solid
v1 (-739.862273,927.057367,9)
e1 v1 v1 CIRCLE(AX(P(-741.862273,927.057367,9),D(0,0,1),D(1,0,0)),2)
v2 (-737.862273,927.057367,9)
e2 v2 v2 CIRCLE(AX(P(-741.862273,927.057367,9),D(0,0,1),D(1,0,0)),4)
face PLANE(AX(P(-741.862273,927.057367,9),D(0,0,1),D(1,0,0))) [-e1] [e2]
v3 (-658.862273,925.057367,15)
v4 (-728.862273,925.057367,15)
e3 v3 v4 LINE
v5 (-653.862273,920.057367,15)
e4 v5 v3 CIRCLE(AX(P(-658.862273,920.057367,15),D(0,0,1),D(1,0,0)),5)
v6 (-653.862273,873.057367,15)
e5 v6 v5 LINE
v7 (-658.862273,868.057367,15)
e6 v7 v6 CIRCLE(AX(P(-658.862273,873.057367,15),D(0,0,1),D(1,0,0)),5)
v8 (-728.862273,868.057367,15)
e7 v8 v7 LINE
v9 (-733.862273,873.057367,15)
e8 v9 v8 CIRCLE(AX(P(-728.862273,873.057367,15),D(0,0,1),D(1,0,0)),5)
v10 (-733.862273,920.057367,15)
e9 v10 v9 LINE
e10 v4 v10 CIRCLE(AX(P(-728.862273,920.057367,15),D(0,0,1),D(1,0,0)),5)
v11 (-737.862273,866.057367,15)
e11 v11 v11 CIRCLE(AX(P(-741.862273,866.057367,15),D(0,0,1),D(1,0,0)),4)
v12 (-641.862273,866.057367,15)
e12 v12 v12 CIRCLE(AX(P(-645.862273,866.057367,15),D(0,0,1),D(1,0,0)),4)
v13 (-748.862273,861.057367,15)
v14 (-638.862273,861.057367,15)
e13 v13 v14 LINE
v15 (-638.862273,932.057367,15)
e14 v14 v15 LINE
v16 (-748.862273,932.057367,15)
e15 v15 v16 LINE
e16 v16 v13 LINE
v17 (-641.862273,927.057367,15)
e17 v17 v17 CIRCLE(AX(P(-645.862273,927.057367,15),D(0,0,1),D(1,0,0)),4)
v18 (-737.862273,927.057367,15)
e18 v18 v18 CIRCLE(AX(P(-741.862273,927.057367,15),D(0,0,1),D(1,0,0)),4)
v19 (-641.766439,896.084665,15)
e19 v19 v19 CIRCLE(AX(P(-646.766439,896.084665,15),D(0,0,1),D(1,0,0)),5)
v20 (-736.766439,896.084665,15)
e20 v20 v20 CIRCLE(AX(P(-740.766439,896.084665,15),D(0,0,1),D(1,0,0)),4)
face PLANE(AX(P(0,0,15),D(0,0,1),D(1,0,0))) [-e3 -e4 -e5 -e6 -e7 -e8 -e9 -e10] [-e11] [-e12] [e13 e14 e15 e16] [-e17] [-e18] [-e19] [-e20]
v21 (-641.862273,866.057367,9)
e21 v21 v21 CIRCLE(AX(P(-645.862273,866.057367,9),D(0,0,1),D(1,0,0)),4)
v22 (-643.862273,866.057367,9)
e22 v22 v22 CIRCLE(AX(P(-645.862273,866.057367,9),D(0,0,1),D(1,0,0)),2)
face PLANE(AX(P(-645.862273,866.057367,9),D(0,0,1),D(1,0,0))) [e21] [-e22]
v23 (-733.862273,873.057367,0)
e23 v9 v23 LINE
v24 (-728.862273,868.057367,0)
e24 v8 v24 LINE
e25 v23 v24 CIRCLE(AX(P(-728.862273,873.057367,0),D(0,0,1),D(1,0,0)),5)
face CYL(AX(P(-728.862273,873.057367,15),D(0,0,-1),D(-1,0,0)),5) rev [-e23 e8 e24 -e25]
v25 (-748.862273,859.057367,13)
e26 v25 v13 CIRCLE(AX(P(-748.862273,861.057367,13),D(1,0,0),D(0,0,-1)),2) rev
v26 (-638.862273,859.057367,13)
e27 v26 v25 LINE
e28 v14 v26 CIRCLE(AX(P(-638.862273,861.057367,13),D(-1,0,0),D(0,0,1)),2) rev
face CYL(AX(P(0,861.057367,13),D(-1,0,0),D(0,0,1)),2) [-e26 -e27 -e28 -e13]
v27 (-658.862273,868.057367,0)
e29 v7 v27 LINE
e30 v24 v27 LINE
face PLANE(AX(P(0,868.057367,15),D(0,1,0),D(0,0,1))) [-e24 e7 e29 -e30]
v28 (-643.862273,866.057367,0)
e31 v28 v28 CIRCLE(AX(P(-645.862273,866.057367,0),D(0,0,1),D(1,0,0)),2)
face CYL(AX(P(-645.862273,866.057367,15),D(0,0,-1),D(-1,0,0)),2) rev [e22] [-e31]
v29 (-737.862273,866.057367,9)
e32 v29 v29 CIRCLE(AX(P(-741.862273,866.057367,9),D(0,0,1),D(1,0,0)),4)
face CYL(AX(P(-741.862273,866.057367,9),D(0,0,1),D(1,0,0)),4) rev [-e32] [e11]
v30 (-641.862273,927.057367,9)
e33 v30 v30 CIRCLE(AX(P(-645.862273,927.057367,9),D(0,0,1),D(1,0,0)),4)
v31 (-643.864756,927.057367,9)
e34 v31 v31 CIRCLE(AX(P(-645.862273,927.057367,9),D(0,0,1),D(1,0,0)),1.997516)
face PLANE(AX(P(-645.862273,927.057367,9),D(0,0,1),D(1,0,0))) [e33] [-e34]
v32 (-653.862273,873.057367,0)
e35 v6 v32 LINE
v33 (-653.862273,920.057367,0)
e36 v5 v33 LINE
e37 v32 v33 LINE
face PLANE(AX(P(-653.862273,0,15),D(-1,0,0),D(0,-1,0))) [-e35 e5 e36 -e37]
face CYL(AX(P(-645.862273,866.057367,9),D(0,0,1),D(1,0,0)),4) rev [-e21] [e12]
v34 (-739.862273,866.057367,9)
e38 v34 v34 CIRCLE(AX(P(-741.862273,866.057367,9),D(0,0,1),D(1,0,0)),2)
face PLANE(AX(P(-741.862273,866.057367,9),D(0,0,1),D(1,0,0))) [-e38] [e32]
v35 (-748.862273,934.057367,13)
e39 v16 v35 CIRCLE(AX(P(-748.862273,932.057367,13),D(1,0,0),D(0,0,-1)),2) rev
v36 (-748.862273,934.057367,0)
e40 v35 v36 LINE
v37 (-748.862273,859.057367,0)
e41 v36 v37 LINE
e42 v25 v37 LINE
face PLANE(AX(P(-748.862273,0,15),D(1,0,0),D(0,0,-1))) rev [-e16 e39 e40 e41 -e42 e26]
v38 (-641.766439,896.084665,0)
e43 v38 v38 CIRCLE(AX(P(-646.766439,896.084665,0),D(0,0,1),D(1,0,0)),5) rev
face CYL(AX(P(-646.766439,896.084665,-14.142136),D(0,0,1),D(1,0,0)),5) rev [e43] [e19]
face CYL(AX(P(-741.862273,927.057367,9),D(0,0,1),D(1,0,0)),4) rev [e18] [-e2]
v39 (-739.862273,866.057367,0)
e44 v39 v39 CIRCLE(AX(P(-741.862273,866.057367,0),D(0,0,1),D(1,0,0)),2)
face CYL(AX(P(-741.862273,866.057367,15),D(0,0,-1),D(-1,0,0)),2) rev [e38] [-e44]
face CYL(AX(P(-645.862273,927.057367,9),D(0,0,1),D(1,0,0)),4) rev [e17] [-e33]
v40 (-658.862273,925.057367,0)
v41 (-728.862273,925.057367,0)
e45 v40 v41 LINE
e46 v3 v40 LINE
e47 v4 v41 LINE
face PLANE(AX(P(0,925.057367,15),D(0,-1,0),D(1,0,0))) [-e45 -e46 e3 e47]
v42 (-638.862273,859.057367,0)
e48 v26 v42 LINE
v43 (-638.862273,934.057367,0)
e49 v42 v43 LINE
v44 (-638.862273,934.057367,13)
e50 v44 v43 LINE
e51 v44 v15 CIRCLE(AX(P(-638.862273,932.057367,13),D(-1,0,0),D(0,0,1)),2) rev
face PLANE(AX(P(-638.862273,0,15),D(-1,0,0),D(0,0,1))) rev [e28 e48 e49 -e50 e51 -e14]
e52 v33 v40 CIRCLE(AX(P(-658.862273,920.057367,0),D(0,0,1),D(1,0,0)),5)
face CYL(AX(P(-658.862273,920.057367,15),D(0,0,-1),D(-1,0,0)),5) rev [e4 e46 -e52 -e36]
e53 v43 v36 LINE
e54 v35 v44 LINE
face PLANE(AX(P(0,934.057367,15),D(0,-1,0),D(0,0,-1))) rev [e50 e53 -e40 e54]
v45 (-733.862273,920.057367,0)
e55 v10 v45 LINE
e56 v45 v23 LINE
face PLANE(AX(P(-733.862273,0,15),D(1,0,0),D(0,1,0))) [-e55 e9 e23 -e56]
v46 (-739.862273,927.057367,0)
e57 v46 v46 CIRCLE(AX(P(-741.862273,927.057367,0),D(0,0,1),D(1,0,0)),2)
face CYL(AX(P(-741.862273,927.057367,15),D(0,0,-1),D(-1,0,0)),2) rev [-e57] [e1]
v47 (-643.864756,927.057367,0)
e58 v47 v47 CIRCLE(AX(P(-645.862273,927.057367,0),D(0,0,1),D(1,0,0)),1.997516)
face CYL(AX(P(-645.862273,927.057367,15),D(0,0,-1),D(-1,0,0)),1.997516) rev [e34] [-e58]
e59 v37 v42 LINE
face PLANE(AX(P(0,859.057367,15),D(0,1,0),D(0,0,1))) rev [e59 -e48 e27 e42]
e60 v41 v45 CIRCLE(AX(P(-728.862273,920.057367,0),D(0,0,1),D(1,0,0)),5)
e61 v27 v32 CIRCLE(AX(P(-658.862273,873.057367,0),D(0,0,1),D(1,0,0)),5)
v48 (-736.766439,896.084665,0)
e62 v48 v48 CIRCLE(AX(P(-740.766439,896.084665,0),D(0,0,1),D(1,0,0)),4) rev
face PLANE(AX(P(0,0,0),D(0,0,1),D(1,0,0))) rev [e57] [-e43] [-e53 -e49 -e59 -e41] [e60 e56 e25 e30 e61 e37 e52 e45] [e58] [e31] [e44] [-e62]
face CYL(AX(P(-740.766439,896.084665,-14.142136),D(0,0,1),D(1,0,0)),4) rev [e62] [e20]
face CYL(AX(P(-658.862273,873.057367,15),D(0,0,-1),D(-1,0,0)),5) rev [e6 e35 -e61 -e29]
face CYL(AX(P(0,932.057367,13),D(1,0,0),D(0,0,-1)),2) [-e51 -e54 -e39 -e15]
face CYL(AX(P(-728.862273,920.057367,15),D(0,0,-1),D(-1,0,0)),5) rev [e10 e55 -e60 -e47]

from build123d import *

# Parameters (mm, degrees)
CROQUIS2_W              = 110
CROQUIS2_H              = 75
CROQUIS2_R              = 2
CROQUIS2_R_2            = 1.997516107
SALIENTE_EXTRUIR1_DEPTH = 15
CROQUIS3_R              = 4
CORTAR_EXTRUIR1_DEPTH   = 6
REDONDEO2_R             = 2
CROQUIS4_R              = 3.5
CROQUIS4_R_2            = 3
CORTAR_EXTRUIR8_DEPTH   = 15
CROQUIS5_R              = 3.701474701
SALIENTE_EXTRUIR2_DEPTH = 15
CROQUIS7_R              = 4
CROQUIS7_R_2            = 5
CORTAR_EXTRUIR9_DEPTH   = 15


with BuildPart() as part:
    # Croquis2 → Saliente-Extruir1 (new body)
    with BuildSketch(Plane.XY):
        with Locations((-693.862272549, 896.557366956)):
            Rectangle(CROQUIS2_W, CROQUIS2_H)
        with Locations((-741.862272549, 866.057366956)):
            Circle(CROQUIS2_R, mode=Mode.SUBTRACT)
        with Locations((-645.862272549, 866.057366956)):
            Circle(CROQUIS2_R, mode=Mode.SUBTRACT)
        with BuildLine():
            Line((-728.862272549, 925.057366956), (-706.362272549, 925.057366956))
            Line((-706.362272549, 925.057366956), (-681.362272549, 925.057366956))
            Line((-681.362272549, 925.057366956), (-658.862272549, 925.057366956))
            ThreePointArc((-658.862272549, 925.057366956), (-655.326738643, 923.592900862), (-653.862272549, 920.057366956))
            Line((-653.862272549, 920.057366956), (-653.862272549, 873.057366956))
            ThreePointArc((-653.862272549, 873.057366956), (-655.326738643, 869.52183305), (-658.862272549, 868.057366956))
            Line((-658.862272549, 868.057366956), (-681.362272549, 868.057366956))
            Line((-681.362272549, 868.057366956), (-706.362272549, 868.057366956))
            Line((-706.362272549, 868.057366956), (-728.862272549, 868.057366956))
            ThreePointArc((-728.862272549, 868.057366956), (-732.397806455, 869.52183305), (-733.862272549, 873.057366956))
            Line((-733.862272549, 873.057366956), (-733.862272549, 920.057366956))
            ThreePointArc((-733.862272549, 920.057366956), (-732.397806455, 923.592900862), (-728.862272549, 925.057366956))
        make_face(mode=Mode.SUBTRACT)
        with Locations((-741.862272549, 927.057366956)):
            Circle(CROQUIS2_R, mode=Mode.SUBTRACT)
        with Locations((-645.862272549, 927.057366956)):
            Circle(CROQUIS2_R_2, mode=Mode.SUBTRACT)
    extrude(amount=SALIENTE_EXTRUIR1_DEPTH)

    # Croquis3 → Cortar-Extruir1 (cut)
    with BuildSketch(Plane.XY.offset(15)):
        with Locations((-645.862272549, 927.057366956)):
            Circle(CROQUIS3_R)
        with Locations((-645.862272549, 866.057366956)):
            Circle(CROQUIS3_R)
        with Locations((-741.862272549, 866.057366956)):
            Circle(CROQUIS3_R)
        with Locations((-741.862272549, 927.057366956)):
            Circle(CROQUIS3_R)
    extrude(amount=-CORTAR_EXTRUIR1_DEPTH, mode=Mode.SUBTRACT)

    # Redondeo2
    redondeo2_edges = [part.edges().sort_by_distance(p)[0] for p in [
        (-693.862272549, 859.057366956, 15),
        (-693.862272549, 934.057366956, 15),
    ]]
    fillet(redondeo2_edges, radius=REDONDEO2_R)

    # Croquis4 → Cortar-Extruir8 (cut)
    with BuildSketch(Plane.XY.offset(15)):
        with Locations((-736.862272549, 896.557366956)):
            Circle(CROQUIS4_R)
        with Locations((-642.862272549, 896.557366956)):
            Circle(CROQUIS4_R_2)
    extrude(amount=-CORTAR_EXTRUIR8_DEPTH, mode=Mode.SUBTRACT)

    # Croquis5 → Saliente-Extruir2 (add)
    with BuildSketch(Plane.XY.offset(15)):
        with Locations((-642.862272549, 896.557366956)):
            Circle(CROQUIS5_R)
        with BuildLine():
            Line((-733.862272549, 893.78924565), (-733.862272549, 899.325488262))
            ThreePointArc((-733.862272549, 899.325488262), (-740.944244568, 896.557366956), (-733.862272549, 893.78924565))
        make_face()
    extrude(amount=-SALIENTE_EXTRUIR2_DEPTH)

    # Croquis7 → Cortar-Extruir9 (cut)
    with BuildSketch(Plane.XY.offset(15)):
        with Locations((-740.766439288, 896.084665271)):
            Circle(CROQUIS7_R)
        with Locations((-646.766439288, 896.084665271)):
            Circle(CROQUIS7_R_2)
    extrude(amount=-CORTAR_EXTRUIR9_DEPTH, mode=Mode.SUBTRACT)


solid = part.part
